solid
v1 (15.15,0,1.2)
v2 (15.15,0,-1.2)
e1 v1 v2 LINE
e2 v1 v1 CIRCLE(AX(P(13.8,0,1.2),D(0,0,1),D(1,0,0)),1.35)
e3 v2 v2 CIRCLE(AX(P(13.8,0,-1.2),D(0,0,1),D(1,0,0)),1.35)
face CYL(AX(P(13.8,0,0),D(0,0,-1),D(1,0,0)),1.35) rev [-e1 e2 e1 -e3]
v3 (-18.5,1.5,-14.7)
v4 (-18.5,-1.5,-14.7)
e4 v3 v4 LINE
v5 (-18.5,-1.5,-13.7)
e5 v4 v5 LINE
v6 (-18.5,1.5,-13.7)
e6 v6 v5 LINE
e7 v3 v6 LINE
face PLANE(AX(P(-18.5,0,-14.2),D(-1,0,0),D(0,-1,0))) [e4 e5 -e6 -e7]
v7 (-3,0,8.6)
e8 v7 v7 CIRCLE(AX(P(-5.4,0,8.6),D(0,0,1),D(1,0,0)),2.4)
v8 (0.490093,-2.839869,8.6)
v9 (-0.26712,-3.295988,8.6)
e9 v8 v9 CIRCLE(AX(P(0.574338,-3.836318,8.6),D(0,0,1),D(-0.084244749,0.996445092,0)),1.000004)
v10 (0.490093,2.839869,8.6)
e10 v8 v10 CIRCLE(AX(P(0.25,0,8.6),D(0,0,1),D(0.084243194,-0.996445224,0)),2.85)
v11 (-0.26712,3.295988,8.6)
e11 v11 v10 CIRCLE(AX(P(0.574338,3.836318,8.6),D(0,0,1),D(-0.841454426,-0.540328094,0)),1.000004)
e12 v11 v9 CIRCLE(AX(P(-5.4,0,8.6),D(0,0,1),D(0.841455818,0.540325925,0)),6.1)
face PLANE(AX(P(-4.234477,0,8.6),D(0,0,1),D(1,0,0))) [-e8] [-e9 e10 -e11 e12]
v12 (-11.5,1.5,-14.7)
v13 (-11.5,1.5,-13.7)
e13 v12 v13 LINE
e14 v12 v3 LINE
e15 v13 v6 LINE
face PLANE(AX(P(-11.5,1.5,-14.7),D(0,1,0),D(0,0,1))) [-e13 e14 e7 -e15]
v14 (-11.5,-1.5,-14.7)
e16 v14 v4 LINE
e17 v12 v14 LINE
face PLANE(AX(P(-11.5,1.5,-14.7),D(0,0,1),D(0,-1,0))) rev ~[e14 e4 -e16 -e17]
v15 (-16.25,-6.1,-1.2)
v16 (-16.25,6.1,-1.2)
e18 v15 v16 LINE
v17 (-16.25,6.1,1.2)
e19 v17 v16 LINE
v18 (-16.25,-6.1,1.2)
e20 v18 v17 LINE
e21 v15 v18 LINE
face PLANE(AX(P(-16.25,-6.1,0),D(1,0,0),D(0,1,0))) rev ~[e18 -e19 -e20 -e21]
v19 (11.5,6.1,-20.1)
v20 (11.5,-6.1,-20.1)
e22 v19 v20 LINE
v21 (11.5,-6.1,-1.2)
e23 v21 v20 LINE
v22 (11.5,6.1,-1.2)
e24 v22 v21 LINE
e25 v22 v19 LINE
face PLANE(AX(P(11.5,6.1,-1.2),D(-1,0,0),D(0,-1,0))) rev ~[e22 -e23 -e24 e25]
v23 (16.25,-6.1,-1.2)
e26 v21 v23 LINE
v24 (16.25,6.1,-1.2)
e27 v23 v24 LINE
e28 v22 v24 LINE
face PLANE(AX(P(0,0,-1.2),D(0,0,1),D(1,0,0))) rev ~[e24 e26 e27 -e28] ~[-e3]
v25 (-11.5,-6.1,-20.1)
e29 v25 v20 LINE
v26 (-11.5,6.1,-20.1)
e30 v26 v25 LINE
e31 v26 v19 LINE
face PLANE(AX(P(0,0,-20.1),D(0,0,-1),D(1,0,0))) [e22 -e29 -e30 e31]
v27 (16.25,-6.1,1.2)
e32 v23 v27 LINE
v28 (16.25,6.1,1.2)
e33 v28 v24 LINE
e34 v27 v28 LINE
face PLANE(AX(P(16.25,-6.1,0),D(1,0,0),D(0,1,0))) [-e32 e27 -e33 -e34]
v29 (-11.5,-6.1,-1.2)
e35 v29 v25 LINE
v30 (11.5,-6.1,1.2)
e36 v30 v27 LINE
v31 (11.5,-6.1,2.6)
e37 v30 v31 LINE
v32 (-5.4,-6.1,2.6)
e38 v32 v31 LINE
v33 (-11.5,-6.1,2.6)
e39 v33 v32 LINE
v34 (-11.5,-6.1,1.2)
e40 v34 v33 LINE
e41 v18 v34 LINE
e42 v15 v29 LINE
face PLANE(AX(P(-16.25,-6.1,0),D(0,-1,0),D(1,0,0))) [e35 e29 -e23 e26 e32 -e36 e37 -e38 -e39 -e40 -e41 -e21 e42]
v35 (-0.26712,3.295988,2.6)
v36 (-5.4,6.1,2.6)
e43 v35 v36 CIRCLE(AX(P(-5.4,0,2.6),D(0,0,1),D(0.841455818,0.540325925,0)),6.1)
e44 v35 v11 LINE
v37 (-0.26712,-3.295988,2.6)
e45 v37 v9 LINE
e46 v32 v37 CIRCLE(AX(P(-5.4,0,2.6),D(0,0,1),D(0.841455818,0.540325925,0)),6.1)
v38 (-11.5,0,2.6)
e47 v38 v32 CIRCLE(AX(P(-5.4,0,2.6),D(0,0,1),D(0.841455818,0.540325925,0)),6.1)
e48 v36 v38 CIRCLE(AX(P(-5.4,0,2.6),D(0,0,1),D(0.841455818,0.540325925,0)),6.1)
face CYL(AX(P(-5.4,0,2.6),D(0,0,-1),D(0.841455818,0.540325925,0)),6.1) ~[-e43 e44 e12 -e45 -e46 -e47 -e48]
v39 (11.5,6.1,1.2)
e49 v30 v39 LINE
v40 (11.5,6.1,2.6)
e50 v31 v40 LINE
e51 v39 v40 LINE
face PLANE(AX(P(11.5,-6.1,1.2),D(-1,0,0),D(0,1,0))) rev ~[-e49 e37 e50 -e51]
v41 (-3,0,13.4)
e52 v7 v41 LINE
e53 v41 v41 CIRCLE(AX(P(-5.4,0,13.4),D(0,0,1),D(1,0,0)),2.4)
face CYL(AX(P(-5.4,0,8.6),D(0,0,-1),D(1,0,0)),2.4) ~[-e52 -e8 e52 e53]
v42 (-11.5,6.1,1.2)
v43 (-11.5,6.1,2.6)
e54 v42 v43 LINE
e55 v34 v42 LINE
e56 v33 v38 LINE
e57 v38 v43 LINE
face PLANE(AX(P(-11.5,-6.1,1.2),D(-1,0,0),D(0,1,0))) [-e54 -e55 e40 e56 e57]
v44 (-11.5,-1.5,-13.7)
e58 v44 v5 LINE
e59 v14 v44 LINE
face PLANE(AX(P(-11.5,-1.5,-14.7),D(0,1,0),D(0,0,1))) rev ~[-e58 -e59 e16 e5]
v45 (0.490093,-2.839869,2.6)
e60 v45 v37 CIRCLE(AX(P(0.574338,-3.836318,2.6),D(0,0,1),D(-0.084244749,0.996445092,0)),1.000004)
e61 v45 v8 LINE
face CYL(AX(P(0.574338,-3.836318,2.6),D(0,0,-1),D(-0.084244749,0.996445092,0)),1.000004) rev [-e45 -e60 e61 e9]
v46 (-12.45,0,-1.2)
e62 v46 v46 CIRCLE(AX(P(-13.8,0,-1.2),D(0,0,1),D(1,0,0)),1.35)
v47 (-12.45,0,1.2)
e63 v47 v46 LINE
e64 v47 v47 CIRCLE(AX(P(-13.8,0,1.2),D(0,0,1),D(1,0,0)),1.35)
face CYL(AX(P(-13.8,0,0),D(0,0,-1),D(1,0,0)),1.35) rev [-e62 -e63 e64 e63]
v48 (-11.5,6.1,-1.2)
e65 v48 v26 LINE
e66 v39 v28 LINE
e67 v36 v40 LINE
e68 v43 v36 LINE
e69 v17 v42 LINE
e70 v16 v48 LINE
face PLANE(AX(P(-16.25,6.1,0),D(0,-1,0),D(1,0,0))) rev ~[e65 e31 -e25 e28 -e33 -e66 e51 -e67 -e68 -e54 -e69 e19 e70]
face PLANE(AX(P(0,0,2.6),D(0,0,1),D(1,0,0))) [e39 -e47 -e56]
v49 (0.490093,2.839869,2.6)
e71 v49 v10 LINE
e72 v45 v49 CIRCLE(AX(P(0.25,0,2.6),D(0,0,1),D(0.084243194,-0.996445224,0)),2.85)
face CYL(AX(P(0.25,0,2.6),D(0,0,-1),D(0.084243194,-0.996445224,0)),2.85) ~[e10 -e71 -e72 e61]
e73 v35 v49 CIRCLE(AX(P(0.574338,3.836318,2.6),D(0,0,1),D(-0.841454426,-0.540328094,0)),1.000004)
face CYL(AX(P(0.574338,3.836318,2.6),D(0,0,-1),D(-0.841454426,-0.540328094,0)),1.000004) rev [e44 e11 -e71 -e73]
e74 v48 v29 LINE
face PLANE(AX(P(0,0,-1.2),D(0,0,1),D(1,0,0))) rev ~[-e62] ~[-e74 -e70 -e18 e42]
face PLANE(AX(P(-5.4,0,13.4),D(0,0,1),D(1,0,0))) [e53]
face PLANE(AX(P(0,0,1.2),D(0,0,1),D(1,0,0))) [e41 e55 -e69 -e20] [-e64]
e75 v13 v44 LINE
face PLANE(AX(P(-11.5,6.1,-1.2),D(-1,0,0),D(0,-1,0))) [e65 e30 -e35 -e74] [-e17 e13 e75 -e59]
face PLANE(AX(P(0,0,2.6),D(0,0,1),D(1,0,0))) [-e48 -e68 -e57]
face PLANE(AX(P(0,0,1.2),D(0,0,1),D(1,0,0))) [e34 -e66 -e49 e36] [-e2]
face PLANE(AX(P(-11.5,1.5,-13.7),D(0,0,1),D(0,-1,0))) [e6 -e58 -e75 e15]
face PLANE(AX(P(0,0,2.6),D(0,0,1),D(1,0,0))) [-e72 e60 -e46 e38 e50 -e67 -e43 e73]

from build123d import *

# Parameters (mm, degrees)
SKETCH013_W  = 32.5
SKETCH013_H  = 12.2
SKETCH013_R  = 1.35
PAD003_DEPTH = 1.2
SKETCH014_W  = 23
SKETCH014_H  = 12.2
PAD001_DEPTH = 1.4
PAD002_DEPTH = 6
SKETCH003_R  = 2.4
PAD005_DEPTH = 4.8
SKETCH016_W  = 23
SKETCH016_H  = 12.2
PAD004_DEPTH = 18.9
SKETCH012_W  = 3
SKETCH012_H  = 1
PAD008_DEPTH = 7


with BuildPart() as part:
    # Sketch013 → Pad003 (new body, symmetric)
    with BuildSketch(Plane.XY):
        Rectangle(SKETCH013_W, SKETCH013_H)
        with Locations((-13.8, 0)):
            Circle(SKETCH013_R, mode=Mode.SUBTRACT)
        with Locations((13.8, 0)):
            Circle(SKETCH013_R, mode=Mode.SUBTRACT)
    extrude(amount=PAD003_DEPTH, both=True)

    # Sketch014 → Pad001 (join)
    with BuildSketch(Plane.XY.offset(1.2)):
        Rectangle(SKETCH014_W, SKETCH014_H)
    extrude(amount=PAD001_DEPTH)

    # Sketch015 → Pad002 (join)
    with BuildSketch(Plane.XY.offset(2.6)):
        with BuildLine():
            ThreePointArc((-0.26712, 3.295988), (-11.5, 0), (-0.26712, -3.295988))
            ThreePointArc((0.490093, -2.839869), (0.058351, -2.979717), (-0.26712, -3.295988))
            ThreePointArc((0.490093, -2.839869), (3.1, 0), (0.490093, 2.839869))
            ThreePointArc((-0.26712, 3.295988), (0.058351, 2.979717), (0.490093, 2.839869))
        make_face()
    extrude(amount=PAD002_DEPTH)

    # Sketch003 → Pad005 (join)
    with BuildSketch(Plane.XY.offset(8.6)):
        with Locations((-5.4, 0)):
            Circle(SKETCH003_R)
    extrude(amount=PAD005_DEPTH)

    # Sketch016 → Pad004 (join)
    with BuildSketch(Plane(origin=(0, 0, -1.2), x_dir=(1, 0, 0), z_dir=(0, 0, -1))):
        Rectangle(SKETCH016_W, SKETCH016_H)
    extrude(amount=PAD004_DEPTH)

    # Sketch012 (on Face11 of Pad004) → Pad008 (join)
    with BuildSketch(Plane(origin=(-11.5, 0, 0), x_dir=(0, -1, 0), z_dir=(-1, 0, 0))):
        with Locations((0, -14.2)):
            Rectangle(SKETCH012_W, SKETCH012_H)
    extrude(amount=PAD008_DEPTH)


solid = part.part
